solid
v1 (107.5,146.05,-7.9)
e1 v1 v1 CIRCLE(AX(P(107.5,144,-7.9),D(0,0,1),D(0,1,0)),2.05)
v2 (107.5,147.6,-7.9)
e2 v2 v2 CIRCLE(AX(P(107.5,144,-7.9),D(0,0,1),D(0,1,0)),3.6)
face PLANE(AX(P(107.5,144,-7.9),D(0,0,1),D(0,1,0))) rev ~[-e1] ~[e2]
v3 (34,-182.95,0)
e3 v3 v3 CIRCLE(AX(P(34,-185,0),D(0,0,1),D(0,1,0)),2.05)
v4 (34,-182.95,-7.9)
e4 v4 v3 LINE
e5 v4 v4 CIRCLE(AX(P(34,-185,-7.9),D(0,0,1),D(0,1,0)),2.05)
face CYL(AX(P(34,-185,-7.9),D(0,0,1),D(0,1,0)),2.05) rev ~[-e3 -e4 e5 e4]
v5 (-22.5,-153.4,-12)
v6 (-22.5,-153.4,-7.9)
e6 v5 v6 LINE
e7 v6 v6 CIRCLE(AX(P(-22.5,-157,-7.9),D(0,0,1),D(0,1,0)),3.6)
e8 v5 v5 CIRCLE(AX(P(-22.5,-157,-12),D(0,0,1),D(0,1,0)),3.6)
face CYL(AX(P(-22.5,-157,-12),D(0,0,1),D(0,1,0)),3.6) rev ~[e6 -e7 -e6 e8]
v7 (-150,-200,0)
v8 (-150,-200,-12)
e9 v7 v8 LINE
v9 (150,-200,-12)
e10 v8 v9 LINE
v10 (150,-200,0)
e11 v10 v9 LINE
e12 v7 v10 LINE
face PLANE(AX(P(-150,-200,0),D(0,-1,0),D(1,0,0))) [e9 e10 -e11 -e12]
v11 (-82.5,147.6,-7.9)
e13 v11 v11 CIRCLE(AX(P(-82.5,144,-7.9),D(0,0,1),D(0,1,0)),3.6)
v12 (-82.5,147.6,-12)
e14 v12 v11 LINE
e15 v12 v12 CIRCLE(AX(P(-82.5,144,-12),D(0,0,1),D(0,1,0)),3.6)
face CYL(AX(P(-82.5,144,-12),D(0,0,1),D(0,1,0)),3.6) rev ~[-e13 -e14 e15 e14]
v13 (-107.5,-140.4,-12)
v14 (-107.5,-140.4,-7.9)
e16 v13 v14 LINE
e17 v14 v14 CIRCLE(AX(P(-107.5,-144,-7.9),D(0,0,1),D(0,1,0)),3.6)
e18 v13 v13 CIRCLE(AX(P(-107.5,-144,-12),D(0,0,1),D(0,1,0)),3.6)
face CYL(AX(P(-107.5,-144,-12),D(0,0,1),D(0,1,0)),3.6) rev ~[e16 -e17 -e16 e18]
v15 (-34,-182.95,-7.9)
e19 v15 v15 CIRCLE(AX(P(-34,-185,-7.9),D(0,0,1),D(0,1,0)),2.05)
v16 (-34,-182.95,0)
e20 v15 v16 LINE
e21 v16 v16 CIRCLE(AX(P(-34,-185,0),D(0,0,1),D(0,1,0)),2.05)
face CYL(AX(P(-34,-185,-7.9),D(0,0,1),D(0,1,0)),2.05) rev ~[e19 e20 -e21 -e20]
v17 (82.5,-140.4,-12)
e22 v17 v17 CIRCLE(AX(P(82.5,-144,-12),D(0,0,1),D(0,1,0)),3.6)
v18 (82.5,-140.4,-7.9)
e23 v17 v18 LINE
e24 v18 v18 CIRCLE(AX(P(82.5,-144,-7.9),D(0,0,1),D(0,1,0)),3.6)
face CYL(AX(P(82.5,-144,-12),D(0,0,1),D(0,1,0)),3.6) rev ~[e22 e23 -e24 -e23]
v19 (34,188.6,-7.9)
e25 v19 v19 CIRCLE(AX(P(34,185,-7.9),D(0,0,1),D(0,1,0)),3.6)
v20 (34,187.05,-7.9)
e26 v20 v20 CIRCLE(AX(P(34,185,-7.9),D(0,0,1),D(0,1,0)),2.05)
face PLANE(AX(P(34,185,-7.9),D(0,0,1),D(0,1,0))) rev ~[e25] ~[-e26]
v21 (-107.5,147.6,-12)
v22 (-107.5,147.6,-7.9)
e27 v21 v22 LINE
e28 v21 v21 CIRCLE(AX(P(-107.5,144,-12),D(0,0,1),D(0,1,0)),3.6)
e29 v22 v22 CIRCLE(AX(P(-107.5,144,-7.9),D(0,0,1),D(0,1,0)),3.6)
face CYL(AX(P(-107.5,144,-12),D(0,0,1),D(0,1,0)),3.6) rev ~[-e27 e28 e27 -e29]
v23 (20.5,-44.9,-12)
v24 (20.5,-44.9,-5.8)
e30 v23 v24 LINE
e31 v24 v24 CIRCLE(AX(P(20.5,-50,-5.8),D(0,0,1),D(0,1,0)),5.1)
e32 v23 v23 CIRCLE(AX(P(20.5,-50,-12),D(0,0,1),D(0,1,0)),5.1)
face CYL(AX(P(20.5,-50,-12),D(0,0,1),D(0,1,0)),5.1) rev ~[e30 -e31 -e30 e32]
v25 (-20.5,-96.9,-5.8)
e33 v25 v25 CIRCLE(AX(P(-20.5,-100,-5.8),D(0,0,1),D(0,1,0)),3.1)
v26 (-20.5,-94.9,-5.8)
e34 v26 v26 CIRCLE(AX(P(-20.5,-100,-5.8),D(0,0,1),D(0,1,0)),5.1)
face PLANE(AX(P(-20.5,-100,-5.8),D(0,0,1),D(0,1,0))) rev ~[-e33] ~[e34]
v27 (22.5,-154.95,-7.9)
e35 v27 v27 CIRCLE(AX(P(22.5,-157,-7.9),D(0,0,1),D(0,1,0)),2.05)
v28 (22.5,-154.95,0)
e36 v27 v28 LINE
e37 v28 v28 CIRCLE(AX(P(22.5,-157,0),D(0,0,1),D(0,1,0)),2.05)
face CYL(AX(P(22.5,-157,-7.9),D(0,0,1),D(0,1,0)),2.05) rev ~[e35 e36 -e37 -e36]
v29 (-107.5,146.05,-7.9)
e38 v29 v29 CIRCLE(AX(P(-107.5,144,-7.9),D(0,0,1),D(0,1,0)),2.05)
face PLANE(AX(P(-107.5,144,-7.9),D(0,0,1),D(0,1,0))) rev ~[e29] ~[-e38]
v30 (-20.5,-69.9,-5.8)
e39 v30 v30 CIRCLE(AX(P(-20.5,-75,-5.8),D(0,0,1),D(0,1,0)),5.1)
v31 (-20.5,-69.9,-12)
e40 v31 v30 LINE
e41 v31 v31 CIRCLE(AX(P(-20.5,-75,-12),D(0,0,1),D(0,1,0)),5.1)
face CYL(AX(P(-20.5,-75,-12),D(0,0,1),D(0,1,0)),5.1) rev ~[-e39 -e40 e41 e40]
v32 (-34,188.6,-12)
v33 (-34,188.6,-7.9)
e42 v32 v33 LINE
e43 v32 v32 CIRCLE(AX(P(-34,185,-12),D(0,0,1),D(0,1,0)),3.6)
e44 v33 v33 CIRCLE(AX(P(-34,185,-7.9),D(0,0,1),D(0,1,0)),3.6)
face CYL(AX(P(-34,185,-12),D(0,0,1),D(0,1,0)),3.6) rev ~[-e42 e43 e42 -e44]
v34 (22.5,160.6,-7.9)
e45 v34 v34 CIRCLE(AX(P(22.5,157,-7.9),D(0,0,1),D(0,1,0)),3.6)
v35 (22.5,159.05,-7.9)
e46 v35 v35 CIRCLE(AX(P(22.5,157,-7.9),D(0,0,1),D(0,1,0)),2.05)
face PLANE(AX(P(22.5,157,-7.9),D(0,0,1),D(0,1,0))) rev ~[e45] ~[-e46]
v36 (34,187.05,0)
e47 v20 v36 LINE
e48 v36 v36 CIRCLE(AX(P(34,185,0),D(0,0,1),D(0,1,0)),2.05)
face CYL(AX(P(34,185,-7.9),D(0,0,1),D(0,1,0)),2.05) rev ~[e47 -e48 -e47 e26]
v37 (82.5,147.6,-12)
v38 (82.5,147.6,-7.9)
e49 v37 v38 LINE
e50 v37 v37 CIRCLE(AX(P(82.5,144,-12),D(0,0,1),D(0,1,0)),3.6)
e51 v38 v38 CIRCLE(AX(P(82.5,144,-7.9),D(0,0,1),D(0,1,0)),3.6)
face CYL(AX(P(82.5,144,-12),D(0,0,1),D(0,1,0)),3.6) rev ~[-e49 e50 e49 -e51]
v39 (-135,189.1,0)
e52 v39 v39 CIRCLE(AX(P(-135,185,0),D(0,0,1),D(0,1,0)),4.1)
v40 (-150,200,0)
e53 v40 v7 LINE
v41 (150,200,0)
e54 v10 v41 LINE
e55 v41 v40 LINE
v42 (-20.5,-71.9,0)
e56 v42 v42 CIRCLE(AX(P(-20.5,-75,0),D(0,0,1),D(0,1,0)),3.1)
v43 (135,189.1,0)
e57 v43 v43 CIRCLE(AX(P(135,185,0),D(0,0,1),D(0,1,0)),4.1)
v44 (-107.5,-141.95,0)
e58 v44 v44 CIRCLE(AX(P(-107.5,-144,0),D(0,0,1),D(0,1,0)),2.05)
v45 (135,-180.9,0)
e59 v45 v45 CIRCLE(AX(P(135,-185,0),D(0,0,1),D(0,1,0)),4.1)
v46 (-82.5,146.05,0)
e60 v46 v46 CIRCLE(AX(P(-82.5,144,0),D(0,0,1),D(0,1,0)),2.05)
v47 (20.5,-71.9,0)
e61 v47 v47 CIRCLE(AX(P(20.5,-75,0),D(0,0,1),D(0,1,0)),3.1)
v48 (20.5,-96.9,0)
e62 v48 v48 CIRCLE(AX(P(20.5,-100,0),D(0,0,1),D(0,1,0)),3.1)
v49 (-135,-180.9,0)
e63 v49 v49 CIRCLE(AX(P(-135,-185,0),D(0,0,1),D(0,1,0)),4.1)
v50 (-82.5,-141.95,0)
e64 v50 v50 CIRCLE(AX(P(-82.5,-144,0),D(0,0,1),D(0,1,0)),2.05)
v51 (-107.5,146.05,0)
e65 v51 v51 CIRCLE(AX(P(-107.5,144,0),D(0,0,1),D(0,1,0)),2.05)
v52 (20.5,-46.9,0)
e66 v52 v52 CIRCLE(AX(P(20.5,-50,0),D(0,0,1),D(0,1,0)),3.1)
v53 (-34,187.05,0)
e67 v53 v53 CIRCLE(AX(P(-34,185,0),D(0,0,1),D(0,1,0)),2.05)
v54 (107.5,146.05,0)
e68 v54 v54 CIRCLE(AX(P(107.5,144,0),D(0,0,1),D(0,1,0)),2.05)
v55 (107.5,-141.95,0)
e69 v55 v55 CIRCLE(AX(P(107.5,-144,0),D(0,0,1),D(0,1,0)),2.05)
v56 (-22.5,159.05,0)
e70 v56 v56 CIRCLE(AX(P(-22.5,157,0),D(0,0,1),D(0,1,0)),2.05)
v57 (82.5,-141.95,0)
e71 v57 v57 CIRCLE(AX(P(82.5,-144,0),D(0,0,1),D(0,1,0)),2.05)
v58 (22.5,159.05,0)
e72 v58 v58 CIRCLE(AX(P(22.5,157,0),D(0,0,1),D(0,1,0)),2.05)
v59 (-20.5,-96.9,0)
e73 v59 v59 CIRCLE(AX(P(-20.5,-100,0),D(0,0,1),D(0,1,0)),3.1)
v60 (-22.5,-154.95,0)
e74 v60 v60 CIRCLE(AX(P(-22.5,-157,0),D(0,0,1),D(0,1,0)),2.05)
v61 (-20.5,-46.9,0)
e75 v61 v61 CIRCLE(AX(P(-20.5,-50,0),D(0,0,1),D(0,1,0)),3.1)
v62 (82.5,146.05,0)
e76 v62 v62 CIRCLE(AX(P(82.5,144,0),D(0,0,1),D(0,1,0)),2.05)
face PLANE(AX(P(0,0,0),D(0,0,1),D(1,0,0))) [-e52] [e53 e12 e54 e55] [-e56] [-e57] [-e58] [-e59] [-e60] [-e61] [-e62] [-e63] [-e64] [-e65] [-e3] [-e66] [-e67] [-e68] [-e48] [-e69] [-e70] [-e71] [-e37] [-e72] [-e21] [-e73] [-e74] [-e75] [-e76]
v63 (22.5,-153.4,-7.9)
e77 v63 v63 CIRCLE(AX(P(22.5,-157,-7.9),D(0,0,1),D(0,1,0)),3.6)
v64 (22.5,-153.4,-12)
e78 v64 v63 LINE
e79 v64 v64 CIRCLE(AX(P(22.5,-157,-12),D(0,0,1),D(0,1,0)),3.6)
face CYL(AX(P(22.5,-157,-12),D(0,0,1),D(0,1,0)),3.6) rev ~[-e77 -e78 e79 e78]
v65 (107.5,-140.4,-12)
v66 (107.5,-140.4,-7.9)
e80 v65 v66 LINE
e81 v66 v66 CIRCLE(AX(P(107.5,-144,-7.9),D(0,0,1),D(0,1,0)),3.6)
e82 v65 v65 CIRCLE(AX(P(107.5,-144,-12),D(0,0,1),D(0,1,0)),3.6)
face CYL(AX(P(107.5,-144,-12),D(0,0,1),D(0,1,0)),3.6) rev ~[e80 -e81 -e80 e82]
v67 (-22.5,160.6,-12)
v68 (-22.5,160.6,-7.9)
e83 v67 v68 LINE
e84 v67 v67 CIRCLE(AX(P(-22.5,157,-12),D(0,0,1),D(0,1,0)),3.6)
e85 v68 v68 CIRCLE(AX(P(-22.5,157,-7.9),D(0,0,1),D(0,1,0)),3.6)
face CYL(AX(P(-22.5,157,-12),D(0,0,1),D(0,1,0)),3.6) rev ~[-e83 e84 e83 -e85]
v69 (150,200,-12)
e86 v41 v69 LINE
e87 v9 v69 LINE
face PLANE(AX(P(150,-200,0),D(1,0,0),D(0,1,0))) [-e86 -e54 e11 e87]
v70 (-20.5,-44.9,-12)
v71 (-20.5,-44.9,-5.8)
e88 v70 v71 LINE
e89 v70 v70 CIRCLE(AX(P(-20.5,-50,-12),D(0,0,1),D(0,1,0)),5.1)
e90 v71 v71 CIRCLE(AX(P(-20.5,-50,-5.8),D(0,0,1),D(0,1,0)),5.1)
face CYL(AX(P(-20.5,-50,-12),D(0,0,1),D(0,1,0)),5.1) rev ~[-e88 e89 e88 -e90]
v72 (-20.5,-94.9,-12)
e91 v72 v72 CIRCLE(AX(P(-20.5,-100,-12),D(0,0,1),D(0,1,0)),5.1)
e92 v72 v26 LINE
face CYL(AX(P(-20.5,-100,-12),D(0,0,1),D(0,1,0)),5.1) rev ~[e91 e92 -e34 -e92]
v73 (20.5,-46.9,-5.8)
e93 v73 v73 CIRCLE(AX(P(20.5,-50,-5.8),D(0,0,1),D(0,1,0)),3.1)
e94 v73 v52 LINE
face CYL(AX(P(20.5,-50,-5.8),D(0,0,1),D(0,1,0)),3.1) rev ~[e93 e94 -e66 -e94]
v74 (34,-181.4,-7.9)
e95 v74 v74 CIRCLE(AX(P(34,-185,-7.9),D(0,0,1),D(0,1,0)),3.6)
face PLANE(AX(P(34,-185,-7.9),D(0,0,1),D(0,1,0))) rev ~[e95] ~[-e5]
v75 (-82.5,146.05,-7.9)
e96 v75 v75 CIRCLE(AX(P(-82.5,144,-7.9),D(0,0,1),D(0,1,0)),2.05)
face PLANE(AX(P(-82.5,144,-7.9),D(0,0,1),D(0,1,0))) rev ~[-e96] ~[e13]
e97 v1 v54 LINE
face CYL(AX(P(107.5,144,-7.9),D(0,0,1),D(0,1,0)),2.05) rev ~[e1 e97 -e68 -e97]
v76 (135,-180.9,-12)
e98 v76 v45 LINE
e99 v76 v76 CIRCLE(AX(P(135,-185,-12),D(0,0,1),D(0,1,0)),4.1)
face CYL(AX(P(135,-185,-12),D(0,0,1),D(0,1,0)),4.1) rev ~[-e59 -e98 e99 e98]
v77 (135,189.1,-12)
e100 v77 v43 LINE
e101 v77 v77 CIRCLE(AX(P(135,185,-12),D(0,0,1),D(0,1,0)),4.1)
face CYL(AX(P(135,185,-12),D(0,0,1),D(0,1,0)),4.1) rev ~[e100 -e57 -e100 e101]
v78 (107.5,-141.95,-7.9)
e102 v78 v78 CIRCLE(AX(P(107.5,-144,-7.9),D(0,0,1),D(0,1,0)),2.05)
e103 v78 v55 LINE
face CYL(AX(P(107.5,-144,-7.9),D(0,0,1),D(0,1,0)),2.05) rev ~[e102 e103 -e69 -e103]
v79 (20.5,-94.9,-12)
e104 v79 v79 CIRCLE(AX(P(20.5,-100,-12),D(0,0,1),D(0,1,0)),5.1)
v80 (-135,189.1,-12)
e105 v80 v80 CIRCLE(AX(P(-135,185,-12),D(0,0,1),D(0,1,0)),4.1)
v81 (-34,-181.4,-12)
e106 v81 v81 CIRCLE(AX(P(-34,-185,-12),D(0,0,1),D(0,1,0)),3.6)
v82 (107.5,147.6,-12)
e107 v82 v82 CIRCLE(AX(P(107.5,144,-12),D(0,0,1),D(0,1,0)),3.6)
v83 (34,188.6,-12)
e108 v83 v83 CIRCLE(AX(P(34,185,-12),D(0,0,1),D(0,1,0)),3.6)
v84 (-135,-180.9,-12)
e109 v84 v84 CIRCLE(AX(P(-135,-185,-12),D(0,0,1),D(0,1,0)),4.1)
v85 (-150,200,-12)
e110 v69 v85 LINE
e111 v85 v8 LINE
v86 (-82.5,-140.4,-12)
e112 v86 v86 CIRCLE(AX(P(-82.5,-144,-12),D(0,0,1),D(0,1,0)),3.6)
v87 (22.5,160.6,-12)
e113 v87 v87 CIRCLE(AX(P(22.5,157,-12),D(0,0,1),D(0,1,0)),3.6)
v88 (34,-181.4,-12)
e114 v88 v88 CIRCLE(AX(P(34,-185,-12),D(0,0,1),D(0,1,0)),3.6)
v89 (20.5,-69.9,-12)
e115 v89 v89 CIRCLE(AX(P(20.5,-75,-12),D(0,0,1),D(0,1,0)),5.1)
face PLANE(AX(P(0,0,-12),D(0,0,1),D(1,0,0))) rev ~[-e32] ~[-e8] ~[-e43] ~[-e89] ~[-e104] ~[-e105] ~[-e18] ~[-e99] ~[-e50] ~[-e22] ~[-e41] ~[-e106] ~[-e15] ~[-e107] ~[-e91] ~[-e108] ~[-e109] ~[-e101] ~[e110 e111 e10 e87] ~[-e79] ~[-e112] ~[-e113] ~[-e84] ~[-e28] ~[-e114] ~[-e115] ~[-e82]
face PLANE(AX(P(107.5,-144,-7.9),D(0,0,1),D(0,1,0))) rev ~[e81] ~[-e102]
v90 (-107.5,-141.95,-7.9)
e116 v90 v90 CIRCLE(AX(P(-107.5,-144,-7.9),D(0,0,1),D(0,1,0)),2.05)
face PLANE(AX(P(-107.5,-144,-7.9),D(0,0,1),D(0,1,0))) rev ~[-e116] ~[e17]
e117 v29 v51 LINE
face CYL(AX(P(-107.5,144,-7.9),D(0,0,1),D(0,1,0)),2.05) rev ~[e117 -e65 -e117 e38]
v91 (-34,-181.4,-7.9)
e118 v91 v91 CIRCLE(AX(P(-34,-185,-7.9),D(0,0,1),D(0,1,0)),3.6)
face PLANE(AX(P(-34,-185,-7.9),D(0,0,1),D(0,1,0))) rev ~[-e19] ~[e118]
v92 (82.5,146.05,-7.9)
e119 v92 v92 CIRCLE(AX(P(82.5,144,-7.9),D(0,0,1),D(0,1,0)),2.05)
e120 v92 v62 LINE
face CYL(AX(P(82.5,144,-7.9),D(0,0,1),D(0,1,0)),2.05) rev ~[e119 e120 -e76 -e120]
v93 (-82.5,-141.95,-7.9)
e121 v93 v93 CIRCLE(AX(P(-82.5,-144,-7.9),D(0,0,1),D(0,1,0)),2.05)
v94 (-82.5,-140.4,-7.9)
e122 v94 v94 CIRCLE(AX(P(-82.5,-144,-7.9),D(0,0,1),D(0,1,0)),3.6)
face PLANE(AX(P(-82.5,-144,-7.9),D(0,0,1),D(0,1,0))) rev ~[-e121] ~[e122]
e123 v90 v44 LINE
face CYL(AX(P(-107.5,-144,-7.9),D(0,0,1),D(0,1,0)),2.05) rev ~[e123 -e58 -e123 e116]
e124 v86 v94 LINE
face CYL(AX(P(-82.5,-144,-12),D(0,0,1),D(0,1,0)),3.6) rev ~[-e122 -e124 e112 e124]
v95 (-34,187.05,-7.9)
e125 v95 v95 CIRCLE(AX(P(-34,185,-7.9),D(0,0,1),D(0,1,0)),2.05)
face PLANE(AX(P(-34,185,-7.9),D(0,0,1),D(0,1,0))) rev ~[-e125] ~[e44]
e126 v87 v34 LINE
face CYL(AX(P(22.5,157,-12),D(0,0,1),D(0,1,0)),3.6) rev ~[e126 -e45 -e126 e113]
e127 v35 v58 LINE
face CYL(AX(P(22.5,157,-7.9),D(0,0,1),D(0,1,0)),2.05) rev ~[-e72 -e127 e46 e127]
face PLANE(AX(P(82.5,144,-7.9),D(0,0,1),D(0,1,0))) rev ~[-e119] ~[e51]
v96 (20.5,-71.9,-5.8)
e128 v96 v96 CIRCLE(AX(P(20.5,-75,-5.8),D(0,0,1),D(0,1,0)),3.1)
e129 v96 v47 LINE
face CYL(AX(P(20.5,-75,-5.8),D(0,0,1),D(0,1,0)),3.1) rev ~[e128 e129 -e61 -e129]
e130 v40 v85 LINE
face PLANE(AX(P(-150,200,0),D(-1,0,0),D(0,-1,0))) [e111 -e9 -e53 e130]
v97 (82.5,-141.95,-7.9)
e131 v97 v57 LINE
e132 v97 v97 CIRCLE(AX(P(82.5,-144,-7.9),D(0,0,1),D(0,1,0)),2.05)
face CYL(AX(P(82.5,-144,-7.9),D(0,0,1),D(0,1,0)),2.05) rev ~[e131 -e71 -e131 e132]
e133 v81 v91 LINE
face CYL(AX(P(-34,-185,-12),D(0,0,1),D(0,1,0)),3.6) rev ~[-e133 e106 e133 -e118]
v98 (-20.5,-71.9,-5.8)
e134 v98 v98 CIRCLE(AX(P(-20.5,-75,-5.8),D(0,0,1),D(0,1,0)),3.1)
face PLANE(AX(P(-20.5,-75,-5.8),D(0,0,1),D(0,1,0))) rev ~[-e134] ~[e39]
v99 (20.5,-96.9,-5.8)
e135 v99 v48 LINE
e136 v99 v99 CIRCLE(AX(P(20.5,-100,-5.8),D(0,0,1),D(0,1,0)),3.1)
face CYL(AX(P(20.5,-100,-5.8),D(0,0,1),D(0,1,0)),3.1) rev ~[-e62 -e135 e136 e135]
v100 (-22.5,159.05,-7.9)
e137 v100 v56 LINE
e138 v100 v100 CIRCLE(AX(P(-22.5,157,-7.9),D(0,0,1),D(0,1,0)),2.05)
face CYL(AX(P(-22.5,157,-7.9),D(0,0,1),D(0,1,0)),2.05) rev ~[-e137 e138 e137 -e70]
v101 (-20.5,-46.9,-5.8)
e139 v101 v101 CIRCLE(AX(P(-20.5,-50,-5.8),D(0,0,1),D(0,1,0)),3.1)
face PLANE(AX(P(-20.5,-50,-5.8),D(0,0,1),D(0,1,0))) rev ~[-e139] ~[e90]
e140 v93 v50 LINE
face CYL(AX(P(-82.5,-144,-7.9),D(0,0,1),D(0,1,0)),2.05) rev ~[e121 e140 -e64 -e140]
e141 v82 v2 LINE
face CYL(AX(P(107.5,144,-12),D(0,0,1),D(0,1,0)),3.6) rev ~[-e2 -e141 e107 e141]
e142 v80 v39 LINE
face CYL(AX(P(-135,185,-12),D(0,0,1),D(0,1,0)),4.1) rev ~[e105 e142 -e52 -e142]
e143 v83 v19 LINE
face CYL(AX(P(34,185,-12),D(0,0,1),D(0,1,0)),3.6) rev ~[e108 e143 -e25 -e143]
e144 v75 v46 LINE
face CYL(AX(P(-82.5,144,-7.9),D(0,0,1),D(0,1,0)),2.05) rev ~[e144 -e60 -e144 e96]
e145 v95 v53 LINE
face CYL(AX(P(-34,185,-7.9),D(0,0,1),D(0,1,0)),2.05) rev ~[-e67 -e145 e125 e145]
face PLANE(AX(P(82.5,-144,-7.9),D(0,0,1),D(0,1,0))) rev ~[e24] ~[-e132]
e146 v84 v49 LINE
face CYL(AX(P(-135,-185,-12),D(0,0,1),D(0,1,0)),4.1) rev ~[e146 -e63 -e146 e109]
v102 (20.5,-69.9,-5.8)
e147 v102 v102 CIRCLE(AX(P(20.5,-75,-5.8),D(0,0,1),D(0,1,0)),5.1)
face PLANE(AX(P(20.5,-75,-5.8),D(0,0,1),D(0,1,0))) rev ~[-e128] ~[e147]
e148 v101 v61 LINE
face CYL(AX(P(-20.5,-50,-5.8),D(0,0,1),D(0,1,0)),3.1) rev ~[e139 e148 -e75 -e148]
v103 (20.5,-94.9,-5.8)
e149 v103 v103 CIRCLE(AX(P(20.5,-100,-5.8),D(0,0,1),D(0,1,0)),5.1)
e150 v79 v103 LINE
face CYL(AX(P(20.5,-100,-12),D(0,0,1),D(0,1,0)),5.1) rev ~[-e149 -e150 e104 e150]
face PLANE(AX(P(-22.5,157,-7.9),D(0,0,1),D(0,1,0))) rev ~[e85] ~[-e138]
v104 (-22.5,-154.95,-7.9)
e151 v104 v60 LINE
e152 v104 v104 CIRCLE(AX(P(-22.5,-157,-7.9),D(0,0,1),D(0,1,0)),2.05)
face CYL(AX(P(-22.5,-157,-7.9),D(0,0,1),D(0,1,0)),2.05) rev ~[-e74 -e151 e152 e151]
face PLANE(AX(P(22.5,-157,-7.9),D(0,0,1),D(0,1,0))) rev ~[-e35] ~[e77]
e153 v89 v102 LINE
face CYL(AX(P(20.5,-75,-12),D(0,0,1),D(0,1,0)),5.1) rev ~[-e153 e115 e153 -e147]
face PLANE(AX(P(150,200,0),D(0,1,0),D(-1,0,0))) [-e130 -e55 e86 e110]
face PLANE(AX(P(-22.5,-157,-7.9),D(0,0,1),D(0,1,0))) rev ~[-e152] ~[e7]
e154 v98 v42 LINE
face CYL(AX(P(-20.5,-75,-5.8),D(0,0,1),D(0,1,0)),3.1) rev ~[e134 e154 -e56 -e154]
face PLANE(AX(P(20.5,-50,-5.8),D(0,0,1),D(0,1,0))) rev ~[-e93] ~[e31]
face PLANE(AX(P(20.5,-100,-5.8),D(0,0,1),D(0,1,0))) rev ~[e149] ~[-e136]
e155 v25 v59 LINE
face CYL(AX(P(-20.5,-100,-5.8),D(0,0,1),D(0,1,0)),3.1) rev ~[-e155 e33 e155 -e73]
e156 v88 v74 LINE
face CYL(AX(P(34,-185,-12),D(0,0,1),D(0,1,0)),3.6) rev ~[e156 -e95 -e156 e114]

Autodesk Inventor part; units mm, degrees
ref_plane "YZ Plane" through (0, 0, 0) normal (1, 0, 0) x (0, 1, 0)
ref_plane "XZ Plane" through (0, 0, 0) normal (0, 1, 0) x (-1, 0, 0)
ref_plane "XY Plane" through (0, 0, 0) normal (0, 0, 1) x (1, 0, 0)
ref_plane "Work Plane1" through (0, 0, 0) normal (0, 0, 1) x (1, 0, 0)
sketch "Sketch1" plane through (0, 0, 0) normal (0, 0, 1) x (1, 0, 0)
  line L0 (-150, -200) -> (150, -200)
  line L1 (150, -200) -> (150, 200)
  line L2 (150, 200) -> (-150, 200)
  line L3 (-150, 200) -> (-150, -200)
  line L4 (0, -280) -> (0, 280) construction
  line L5 (-210, 0) -> (210, 0) construction
  point P0 (0, 0)
  dimension "d0" = 400
  dimension "d1" = 300
extrude "Extrusion1" add sketch "Sketch1" against normal blind 12
sketch "Sketch2" plane through (0, 0, -12) normal (0, 0, 1) x (1, 0, 0)
  line L0 (0, 0) -> (-281.1142, 0) construction
  line L1 (0, 0) -> (0, -490.5016) construction
  line L2 (-150, -200) -> (150, -200) construction
  line L3 (-106.6853, -185) -> (102.3994, -185) construction
  line L4 (-96.6591, -157) -> (112.4256, -157) construction
  circle A0 centre (-82.5, -144) radius 2.15 construction
  circle A1 centre (-107.5, -144) radius 2.15 construction
  circle A2 centre (-107.5, 144) radius 2.15 construction
  circle A3 centre (-82.5, 144) radius 2.15 construction
  circle A4 centre (82.5, 144) radius 2.15 construction
  circle A5 centre (107.5, 144) radius 2.15 construction
  circle A6 centre (82.5, -144) radius 2.15 construction
  circle A7 centre (107.5, -144) radius 2.15 construction
  point P0 (-22.5, -157)
  point P1 (-34, -185)
  point P2 (22.5, -157)
  point P3 (34, -185)
  point P4 (-22.5, 157)
  point P5 (-34, 185)
  point P6 (34, 185)
  point P7 (22.5, 157)
  dimension "d8" = 15
  dimension "d9" = 28
  dimension "d10" = 22.5
  dimension "d11" = 34
hole "Hole2" at (-22.5, -157, -12) at (-34, -185, -12) at (34, -185, -12) at (22.5, -157, -12) at (-22.5, 157, -12) at (22.5, 157, -12) at (34, 185, -12) at (-34, 185, -12) at (107.5, -144, -12) at (82.5, -144, -12) at (-82.5, -144, -12) at (-107.5, -144, -12) at (-107.5, 144, -12) at (-82.5, 144, -12) at (82.5, 144, -12) at (107.5, 144, -12) direction (0, 0, 1) diameter 4.1 end through all counterbore diameter 7.2 counterbore depth 4.1
sketch "Sketch3" plane through (0, 0, -12) normal (0, 0, -1) x (-1, 0, 0)
  line L0 (-150, -200) -> (150, -200) construction
  line L1 (150, -200) -> (150, 200) construction
  line L2 (-150, 200) -> (-150, -200) construction
  line L3 (150, 200) -> (-150, 200) construction
  line L4 (135, -185) -> (-135, -185) construction
  line L5 (-135, -185) -> (-135, 185) construction
  line L6 (-135, 185) -> (135, 185) construction
  line L7 (135, 185) -> (135, -185) construction
  point P0 (0, 0)
  dimension "d29" = 15
hole "Hole3" at (-135, -185, -12) at (-135, 185, -12) at (135, 185, -12) at (135, -185, -12) direction (0, 0, 1) diameter 8.2 end through all
sketch "Sketch6" plane through (0, 0, -12) normal (0, 0, 1) x (1, 0, 0)
  line L0 (-27.5, -40) -> (27.5, -40) construction
  arc A0 (30.5, -43) -> (27.5, -40) centre (27.5, -43) ccw construction
  line L1 (30.5, -43) -> (30.5, -107) construction
  arc A1 (27.5, -110) -> (30.5, -107) centre (27.5, -107) ccw construction
  line L2 (27.5, -110) -> (-27.5, -110) construction
  arc A2 (-30.5, -107) -> (-27.5, -110) centre (-27.5, -107) ccw construction
  line L3 (-30.5, -107) -> (-30.5, -43) construction
  arc A3 (-27.5, -40) -> (-30.5, -43) centre (-27.5, -43) ccw construction
  circle A4 centre (-20.5, -75) radius 3.1 construction
  circle A5 centre (20.5, -50) radius 3.1 construction
  circle A6 centre (-20.5, -100) radius 3.1 construction
  circle A7 centre (-20.5, -50) radius 3.1 construction
  circle A8 centre (20.5, -100) radius 3.1 construction
  circle A9 centre (20.5, -75) radius 3.1 construction
hole "Hole6" at (-20.5, -100, -12) at (20.5, -100, -12) at (20.5, -75, -12) at (20.5, -50, -12) at (-20.5, -75, -12) at (-20.5, -50, -12) direction (0, 0, 1) diameter 6.2 end through all counterbore diameter 10.2 counterbore depth 6.2
properties part number "Metal_sheet" material "Aluminum 6061"
